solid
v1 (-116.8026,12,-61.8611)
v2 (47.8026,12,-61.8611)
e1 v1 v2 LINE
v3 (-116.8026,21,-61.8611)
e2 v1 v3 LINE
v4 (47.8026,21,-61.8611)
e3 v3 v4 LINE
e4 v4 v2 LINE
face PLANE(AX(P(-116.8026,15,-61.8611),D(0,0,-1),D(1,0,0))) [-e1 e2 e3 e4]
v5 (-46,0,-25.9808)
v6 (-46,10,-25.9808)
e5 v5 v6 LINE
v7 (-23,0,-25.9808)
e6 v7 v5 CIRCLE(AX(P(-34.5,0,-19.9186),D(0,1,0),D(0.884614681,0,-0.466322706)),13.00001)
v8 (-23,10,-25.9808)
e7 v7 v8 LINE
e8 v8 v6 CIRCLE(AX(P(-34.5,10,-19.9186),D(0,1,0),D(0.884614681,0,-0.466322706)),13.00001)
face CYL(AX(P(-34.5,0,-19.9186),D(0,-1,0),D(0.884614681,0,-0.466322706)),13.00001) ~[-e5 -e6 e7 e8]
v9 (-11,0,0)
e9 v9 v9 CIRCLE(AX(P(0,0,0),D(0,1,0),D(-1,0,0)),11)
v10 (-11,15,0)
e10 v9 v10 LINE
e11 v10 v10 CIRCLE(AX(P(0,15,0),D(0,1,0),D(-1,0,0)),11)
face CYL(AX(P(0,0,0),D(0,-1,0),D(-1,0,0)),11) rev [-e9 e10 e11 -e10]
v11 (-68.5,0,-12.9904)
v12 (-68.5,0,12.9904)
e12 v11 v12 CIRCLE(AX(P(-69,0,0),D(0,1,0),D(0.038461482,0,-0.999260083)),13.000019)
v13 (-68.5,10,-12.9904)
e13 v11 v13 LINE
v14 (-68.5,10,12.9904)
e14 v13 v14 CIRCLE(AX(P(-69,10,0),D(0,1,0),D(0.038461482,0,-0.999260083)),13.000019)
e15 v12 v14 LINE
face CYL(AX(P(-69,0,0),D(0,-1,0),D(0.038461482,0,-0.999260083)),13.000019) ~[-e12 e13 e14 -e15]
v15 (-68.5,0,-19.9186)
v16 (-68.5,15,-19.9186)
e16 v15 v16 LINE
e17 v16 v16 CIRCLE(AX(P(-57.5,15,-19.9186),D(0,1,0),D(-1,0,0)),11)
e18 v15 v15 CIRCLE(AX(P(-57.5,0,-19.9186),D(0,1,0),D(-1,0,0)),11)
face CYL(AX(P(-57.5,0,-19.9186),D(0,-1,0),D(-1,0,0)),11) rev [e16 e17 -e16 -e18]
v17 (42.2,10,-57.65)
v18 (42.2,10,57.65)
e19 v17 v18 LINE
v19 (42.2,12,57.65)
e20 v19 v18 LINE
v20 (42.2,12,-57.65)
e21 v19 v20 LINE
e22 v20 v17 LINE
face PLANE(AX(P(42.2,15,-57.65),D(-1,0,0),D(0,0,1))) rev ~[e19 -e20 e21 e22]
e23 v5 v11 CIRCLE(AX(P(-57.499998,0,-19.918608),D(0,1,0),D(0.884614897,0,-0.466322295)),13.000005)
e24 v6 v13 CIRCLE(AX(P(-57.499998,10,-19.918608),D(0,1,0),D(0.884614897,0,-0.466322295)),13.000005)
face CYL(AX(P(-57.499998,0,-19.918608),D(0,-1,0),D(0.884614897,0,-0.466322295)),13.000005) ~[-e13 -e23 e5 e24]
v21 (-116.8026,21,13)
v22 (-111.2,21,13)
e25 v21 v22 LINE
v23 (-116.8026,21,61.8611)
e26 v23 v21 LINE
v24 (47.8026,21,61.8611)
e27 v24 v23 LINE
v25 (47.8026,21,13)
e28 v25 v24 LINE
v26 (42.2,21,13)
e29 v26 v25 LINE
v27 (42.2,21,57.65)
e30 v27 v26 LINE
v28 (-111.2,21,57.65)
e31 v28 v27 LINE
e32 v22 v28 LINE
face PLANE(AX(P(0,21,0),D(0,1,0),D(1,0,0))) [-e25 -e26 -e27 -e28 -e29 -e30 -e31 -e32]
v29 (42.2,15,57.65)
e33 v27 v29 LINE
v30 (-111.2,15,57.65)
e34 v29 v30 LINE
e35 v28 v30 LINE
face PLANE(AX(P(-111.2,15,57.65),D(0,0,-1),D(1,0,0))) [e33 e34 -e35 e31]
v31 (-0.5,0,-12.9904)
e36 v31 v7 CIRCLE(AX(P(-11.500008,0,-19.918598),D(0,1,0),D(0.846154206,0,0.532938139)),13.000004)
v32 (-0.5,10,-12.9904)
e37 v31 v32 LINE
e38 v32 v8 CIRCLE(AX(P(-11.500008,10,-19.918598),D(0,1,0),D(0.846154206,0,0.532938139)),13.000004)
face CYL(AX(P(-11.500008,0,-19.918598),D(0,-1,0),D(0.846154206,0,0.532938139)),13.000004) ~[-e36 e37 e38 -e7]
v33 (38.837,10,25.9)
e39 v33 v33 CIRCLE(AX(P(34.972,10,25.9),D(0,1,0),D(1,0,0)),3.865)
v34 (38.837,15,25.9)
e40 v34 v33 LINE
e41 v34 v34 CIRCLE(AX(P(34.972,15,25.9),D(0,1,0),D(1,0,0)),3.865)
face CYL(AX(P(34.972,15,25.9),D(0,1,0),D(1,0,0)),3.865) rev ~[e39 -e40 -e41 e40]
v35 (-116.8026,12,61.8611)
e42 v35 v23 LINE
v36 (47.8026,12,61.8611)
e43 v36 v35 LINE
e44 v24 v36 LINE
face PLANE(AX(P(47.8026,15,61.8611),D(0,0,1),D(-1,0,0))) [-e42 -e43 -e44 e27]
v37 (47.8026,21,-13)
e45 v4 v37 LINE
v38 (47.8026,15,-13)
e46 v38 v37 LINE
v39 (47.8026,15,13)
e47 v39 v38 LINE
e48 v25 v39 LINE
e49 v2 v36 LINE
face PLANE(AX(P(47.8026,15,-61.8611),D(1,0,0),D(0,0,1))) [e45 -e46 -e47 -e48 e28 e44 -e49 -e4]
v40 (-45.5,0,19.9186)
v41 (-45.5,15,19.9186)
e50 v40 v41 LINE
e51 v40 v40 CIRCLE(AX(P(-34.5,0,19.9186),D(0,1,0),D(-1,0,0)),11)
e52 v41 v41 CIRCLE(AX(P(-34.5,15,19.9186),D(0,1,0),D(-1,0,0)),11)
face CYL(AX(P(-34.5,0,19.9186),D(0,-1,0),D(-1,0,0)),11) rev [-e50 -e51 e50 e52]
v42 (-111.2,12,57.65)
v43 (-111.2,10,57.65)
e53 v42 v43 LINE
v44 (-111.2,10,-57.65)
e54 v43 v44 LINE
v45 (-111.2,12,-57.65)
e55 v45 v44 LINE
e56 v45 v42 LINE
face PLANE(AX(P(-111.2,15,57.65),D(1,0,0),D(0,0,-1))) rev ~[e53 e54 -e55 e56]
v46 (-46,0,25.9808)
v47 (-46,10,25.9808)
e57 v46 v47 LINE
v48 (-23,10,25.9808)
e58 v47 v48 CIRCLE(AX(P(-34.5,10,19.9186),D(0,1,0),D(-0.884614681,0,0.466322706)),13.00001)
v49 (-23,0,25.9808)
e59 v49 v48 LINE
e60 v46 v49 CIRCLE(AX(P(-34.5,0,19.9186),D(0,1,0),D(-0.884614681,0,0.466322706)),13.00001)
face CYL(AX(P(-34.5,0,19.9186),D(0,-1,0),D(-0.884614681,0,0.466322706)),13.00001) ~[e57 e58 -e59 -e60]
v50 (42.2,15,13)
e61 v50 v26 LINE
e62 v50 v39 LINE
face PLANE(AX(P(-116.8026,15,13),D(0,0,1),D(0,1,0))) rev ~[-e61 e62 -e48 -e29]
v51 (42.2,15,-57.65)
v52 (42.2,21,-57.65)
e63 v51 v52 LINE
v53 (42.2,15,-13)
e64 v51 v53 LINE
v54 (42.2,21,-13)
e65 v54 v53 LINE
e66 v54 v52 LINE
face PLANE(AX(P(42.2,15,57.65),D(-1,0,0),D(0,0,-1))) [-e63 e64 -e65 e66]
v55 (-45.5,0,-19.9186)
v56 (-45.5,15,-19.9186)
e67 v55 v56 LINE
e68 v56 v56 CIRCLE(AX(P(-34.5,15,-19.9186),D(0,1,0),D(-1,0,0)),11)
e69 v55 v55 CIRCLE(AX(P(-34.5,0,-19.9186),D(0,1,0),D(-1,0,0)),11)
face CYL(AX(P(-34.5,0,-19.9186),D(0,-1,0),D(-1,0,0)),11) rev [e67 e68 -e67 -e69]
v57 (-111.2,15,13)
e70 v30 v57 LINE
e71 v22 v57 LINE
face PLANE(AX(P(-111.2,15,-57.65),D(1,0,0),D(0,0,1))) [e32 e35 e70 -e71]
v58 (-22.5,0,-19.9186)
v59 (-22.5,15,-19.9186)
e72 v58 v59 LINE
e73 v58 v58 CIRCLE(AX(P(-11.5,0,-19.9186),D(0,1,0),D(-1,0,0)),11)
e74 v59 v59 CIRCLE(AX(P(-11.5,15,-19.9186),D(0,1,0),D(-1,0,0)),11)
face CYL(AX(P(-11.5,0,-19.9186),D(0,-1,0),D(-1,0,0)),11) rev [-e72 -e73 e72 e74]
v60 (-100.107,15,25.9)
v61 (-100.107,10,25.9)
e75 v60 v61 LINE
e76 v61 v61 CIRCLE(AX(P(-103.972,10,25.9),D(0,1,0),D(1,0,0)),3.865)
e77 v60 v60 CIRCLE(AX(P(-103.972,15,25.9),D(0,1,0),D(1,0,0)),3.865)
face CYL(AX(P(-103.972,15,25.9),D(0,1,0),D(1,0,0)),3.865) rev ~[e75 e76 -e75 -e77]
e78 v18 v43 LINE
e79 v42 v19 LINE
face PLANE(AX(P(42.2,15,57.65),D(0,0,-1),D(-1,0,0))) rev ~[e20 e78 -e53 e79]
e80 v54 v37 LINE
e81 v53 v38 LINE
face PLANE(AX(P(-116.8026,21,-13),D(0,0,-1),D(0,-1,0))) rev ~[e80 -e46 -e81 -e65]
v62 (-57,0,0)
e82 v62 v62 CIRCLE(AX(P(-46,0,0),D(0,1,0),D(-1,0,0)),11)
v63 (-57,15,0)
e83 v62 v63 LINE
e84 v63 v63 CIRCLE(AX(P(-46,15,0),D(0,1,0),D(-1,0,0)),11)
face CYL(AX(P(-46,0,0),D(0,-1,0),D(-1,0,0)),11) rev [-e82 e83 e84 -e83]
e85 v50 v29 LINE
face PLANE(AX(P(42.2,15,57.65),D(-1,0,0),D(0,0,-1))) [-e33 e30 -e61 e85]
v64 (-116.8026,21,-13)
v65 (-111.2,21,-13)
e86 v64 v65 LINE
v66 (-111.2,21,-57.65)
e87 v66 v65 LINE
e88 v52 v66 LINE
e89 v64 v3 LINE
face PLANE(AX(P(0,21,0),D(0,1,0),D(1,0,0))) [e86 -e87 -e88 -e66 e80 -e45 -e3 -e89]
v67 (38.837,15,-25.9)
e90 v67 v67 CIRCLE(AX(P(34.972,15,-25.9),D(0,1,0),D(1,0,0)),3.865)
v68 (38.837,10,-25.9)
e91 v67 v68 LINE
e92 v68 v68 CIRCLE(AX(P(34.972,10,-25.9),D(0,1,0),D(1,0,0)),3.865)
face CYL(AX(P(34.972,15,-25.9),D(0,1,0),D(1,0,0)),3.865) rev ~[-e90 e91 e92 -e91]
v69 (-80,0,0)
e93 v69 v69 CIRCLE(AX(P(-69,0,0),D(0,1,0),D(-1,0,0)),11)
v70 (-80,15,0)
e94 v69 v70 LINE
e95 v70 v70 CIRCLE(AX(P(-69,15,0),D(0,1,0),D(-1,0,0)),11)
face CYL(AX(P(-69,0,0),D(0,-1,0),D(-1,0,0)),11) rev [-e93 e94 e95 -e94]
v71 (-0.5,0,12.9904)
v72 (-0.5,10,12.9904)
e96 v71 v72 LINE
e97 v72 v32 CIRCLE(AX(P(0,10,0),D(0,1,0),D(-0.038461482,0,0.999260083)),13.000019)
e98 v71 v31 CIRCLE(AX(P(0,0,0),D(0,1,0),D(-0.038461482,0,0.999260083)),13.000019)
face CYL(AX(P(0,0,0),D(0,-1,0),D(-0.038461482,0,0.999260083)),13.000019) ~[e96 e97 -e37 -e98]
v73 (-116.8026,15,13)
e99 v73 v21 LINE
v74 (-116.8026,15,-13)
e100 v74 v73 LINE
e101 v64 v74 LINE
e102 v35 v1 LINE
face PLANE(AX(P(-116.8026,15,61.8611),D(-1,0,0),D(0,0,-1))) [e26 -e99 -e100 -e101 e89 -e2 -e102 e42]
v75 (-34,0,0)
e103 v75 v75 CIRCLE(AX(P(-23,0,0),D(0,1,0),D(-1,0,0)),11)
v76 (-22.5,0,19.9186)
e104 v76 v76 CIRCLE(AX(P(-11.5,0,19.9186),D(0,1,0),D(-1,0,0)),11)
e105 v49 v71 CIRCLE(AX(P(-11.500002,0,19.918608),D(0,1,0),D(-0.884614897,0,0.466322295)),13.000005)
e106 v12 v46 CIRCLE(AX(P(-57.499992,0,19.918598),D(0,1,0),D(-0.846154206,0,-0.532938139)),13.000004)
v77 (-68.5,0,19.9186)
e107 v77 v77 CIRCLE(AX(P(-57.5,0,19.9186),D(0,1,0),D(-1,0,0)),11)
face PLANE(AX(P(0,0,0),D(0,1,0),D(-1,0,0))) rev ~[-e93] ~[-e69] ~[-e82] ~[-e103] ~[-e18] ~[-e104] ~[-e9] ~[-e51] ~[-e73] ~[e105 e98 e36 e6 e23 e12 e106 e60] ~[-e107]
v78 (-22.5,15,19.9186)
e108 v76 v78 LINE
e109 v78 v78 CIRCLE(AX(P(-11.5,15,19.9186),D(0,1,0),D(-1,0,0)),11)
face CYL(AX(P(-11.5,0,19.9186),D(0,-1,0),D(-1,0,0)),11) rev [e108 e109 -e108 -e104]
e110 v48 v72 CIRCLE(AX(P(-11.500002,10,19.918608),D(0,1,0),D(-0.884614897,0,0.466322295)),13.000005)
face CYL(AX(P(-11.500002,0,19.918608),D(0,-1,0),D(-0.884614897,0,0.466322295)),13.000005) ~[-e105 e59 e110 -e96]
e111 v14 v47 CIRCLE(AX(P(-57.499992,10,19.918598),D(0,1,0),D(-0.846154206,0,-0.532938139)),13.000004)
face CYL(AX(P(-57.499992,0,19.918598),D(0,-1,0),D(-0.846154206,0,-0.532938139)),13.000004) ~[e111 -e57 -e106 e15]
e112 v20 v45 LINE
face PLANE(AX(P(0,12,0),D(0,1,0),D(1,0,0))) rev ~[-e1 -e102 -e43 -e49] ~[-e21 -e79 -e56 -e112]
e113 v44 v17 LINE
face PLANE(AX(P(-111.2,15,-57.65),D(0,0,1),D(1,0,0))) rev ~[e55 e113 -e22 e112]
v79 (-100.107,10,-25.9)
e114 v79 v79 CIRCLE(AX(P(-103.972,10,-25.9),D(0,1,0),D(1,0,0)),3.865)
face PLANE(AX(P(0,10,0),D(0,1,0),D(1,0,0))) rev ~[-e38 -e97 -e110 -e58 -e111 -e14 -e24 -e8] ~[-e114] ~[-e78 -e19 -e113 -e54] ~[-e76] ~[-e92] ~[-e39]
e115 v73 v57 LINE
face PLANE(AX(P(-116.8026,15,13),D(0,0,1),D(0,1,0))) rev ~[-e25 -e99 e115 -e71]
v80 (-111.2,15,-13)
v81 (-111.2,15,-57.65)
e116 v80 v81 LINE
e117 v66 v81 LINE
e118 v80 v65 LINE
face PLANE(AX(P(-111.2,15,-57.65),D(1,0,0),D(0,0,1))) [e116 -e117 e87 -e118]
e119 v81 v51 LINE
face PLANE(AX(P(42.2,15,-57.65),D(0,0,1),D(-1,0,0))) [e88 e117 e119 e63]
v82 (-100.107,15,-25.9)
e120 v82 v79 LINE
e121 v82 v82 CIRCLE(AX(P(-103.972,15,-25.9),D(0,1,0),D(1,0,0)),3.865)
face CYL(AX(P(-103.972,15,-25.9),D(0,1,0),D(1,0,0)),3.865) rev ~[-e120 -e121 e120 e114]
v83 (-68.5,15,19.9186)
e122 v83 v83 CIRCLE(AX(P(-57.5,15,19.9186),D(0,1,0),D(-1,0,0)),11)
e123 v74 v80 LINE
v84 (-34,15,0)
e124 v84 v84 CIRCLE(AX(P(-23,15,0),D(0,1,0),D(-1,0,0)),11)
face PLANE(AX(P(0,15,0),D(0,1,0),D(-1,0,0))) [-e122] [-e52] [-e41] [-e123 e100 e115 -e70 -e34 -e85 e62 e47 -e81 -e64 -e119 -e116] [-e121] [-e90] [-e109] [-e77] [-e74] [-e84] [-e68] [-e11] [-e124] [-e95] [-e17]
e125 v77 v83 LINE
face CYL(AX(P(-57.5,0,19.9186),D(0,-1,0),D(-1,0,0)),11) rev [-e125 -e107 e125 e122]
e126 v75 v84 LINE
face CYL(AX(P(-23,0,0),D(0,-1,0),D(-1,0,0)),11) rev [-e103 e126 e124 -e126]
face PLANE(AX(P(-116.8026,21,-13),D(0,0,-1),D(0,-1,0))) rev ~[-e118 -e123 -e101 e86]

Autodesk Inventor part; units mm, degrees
ref_plane "YZ Plane" through (0, 0, 0) normal (1, 0, 0) x (0, 1, 0)
ref_plane "XZ Plane" through (0, 0, 0) normal (0, 1, 0) x (-1, 0, 0)
ref_plane "XY Plane" through (0, 0, 0) normal (0, 0, 1) x (1, 0, 0)
sketch "Sketch1" plane through (0, 0, 0) normal (0, 1, 0) x (-1, 0, 0)
  circle A0 centre (0, 0) radius 11
  line L0 (11, 0.0002) -> (12, 0.0002) construction
  circle A1 centre (23, 0) radius 11
  line L1 (34, 0) -> (35, 0) construction
  circle A2 centre (46, 0) radius 11
  line L2 (57, 0) -> (58, 0) construction
  circle A3 centre (69, 0) radius 11
  line L3 (34.5, 0) -> (34.5, -17.154) construction
  line L4 (34.5, 0) -> (34.5, 17.658) construction
  line L5 (55, 12.6387) -> (55, -13.5831) construction
  line L6 (55, 12.6387) -> (55, 17.658) construction
  line L7 (55, -13.5831) -> (55, -17.154) construction
  line L8 (11.5, 0.0002) -> (11.5, -16.2579) construction
  line L9 (11.5, 0.0002) -> (11.5, 19.9186) construction
  circle A4 centre (0, 0) radius 12 construction
  circle A5 centre (23, 0) radius 12 construction
  circle A6 centre (46, 0) radius 12 construction
  circle A7 centre (69, 0) radius 12 construction
  circle A8 centre (11.5, 19.9186) radius 11
  circle A9 centre (34.5, 19.9186) radius 11
  circle A10 centre (11.5, -19.9186) radius 11
  circle A11 centre (57.5, 19.9186) radius 11
  circle A12 centre (57.5, -19.9186) radius 12 construction
  circle A13 centre (34.5, -19.9186) radius 12 construction
  circle A14 centre (11.5, 19.9186) radius 12 construction
  circle A15 centre (34.5, 19.9186) radius 12 construction
  circle A16 centre (57.5, 19.9186) radius 12 construction
  line L10 (11.5, 19.9186) -> (57.5, 19.9186) construction
  arc A17 (2.3131, -12.7926) -> (0.5, -12.9904) centre (0, 0) ccw construction
  circle A18 centre (11.5, 19.9186) radius 13 construction
  circle A19 centre (34.5, 19.9186) radius 13 construction
  circle A20 centre (57.5, 19.9186) radius 13 construction
  circle A21 centre (69, 0) radius 13 construction
  circle A22 centre (57.5, -19.9186) radius 13 construction
  circle A23 centre (34.5, -19.9186) radius 13 construction
  arc A24 (0.5, 12.9904) -> (0.5, -12.9904) centre (0, 0) ccw
  line L11 (57.5, -19.9186) -> (11.5, -19.9186) construction
  circle A25 centre (11.5, -19.9186) radius 13 construction
  arc A26 (0.5, -12.9904) -> (23, -25.9808) centre (11.5, -19.9186) ccw
  arc A27 (23, -25.9808) -> (46, -25.9808) centre (34.5, -19.9186) ccw
  arc A28 (46, -25.9808) -> (68.5, -12.9904) centre (57.5, -19.9186) ccw
  arc A29 (68.5, -12.9904) -> (68.5, 12.9904) centre (69, 0) ccw
  arc A30 (68.5, 12.9904) -> (46, 25.9808) centre (57.5, 19.9186) ccw
  arc A31 (46, 25.9808) -> (23, 25.9808) centre (34.5, 19.9186) ccw
  arc A32 (23, 25.9808) -> (0.5, 12.9904) centre (11.5, 19.9186) ccw
  circle A33 centre (11.5, -19.9186) radius 12 construction
  circle A34 centre (34.5, -19.9186) radius 11
  circle A35 centre (57.5, -19.9186) radius 11
  dimension "d0" = 22
  dimension "d6" = 22
  dimension "d1" = 1
  dimension "d2" = 22
  dimension "d3" = 1
  dimension "d4" = 22
  dimension "d5" = 1
  dimension "d7" = 24
  dimension "d8" = 24
  dimension "d9" = 24
  dimension "d10" = 24
  dimension "d11" = 22
  dimension "d12" = 22
  dimension "d16" = 22
  dimension "d17" = 22
  dimension "d19" = 24
  dimension "d21" = 24
  dimension "d22" = 24
  dimension "d23" = 24
  dimension "d25" = 26
  dimension "d27" = 26
  dimension "d28" = 26
  dimension "d29" = 26
  dimension "d30" = 26
  dimension "d31" = 26
  dimension "d32" = 26
  dimension "d33" = 26
  dimension "d67" = 24
  dimension "d71" = 24
  dimension "d72" = 22
  dimension "d73" = 22
extrude "Extrusion1" add sketch "Sketch1" along normal blind 15
sketch "Sketch2" plane through (0, 15, 0) normal (0, 1, 0) x (1, 0, 0)
  circle A0 centre (-23, 0) radius 11 projected
  circle A1 centre (-46, 0) radius 11 projected
  line L0 (-35, 0) -> (-34, 0) construction
  line L1 (-111.2, 57.65) -> (42.2, 57.65)
  line L2 (42.2, 57.65) -> (42.2, -57.65)
  line L3 (42.2, -57.65) -> (-111.2, -57.65)
  line L4 (-111.2, -57.65) -> (-111.2, 57.65)
  line L5 (-111.2, 57.65) -> (42.2, -57.65) construction
  line L6 (42.2, 57.65) -> (-111.2, -57.65) construction
  arc A2 (-46, 25.9808) -> (-68.5, 12.9904) centre (-57.5, 19.9186) ccw projected
  arc A3 (-23, 25.9808) -> (-46, 25.9808) centre (-34.5, 19.9186) ccw projected
  arc A4 (-0.5, 12.9904) -> (-23, 25.9808) centre (-11.5, 19.9186) ccw projected
  arc A5 (-0.5, -12.9904) -> (-0.5, 12.9904) centre (0, 0) ccw projected
  arc A6 (-23, -25.9808) -> (-0.5, -12.9904) centre (-11.5, -19.9186) ccw projected
  arc A7 (-46, -25.9808) -> (-23, -25.9808) centre (-34.5, -19.9186) ccw projected
  arc A8 (-68.5, -12.9904) -> (-46, -25.9808) centre (-57.5, -19.9186) ccw projected
  arc A9 (-68.5, 12.9904) -> (-68.5, -12.9904) centre (-69, 0) ccw projected
  arc A10 (-69, 13) -> (-68.5, -12.9904) centre (-69, 0) ccw
  arc A11 (-46, 25.9808) -> (-68.5, 12.9904) centre (-57.5, 19.9186) ccw
  arc A12 (-23, 25.9808) -> (-46, 25.9808) centre (-34.5, 19.9186) ccw
  arc A13 (-0.5, 12.9904) -> (-23, 25.9808) centre (-11.5, 19.9186) ccw
  arc A14 (-0.5, -12.9904) -> (-0.5, 12.9904) centre (0, 0) ccw
  arc A15 (-23, -25.9808) -> (-0.5, -12.9904) centre (-11.5, -19.9186) ccw
  arc A16 (-46, -25.9808) -> (-23, -25.9808) centre (-34.5, -19.9186) ccw
  arc A17 (-68.5, -12.9904) -> (-46, -25.9808) centre (-57.5, -19.9186) ccw
  arc A18 (-68.5, 12.9904) -> (-68.5, -12.9904) centre (-69, 0) ccw
  point P0 (-34.5, 0)
  dimension "d36" = 115.3
  dimension "d37" = 153.4
extrude "Extrusion2" add sketch "Sketch2" against normal blind 5 contours L1 L2 L3 L4
sketch "Sketch3" plane through (0, 15, 0) normal (0, 1, 0) x (1, 0, 0)
  line L0 (42.2, 57.65) -> (-111.2, 57.65) projected
  line L1 (42.2, -57.65) -> (42.2, 57.65) projected
  line L2 (-111.2, -57.65) -> (42.2, -57.65) projected
  line L3 (-111.2, 57.65) -> (-111.2, -57.65) projected
  line L4 (-111.2, -57.65) -> (42.2, -57.65) projected
  line L5 (42.2, -57.65) -> (42.2, 57.65) projected
  line L6 (42.2, 57.65) -> (-111.2, 57.65) projected
  line L7 (-111.2, 57.65) -> (-111.2, -57.65) projected
  circle A0 centre (-57.5, -19.9186) radius 11 projected
  circle A1 centre (-11.5, 19.9186) radius 11 projected
  circle A2 centre (-34.5, -19.9186) radius 11 projected
  circle A3 centre (-11.5, -19.9186) radius 11 projected
  circle A4 centre (-69, 0) radius 11 projected
  circle A5 centre (-46, 0) radius 11 projected
  circle A6 centre (-23, 0) radius 11 projected
  circle A7 centre (0, 0) radius 11 projected
  line L8 (-116.8026, 61.8611) -> (47.8026, 61.8611)
  line L9 (47.8026, 61.8611) -> (47.8026, -61.8611)
  line L10 (47.8026, -61.8611) -> (-116.8026, -61.8611)
  line L11 (-116.8026, -61.8611) -> (-116.8026, 61.8611)
  line L12 (-116.8026, 61.8611) -> (47.8026, -61.8611) construction
  line L13 (47.8026, 61.8611) -> (-116.8026, -61.8611) construction
  line L14 (-111.2, -57.65) -> (42.2, -57.65)
  line L15 (42.2, -57.65) -> (42.2, 57.65)
  line L16 (42.2, 57.65) -> (-111.2, 57.65)
  line L17 (-111.2, 57.65) -> (-111.2, -57.65)
  line L18 (-111.2, -57.65) -> (42.2, 57.65) construction
  line L19 (42.2, -57.65) -> (-111.2, 57.65) construction
  point P0 (-34.5, 0)
extrude "Extrusion3" add sketch "Sketch3" along normal blind 6 and the other way blind 3 contours L8 L9 L10 L11
sketch "Sketch4" plane through (0, 15, 0) normal (0, 1, 0) x (1, 0, 0)
  line L0 (-111.2, -57.65) -> (42.2, -57.65) projected
  line L1 (42.2, -57.65) -> (42.2, 57.65) projected
  line L2 (42.2, 57.65) -> (-111.2, 57.65) projected
  line L3 (-111.2, 57.65) -> (-111.2, -57.65) projected
  circle A0 centre (-57.5, -19.9186) radius 11 projected
  circle A1 centre (-11.5, 19.9186) radius 11 projected
  circle A2 centre (-34.5, -19.9186) radius 11 projected
  circle A3 centre (-11.5, -19.9186) radius 11 projected
  circle A4 centre (-69, 0) radius 11 projected
  circle A5 centre (-46, 0) radius 11 projected
  circle A6 centre (-23, 0) radius 11 projected
  circle A7 centre (0, 0) radius 11 projected
  line L4 (-111.2, 57.65) -> (-103.972, 57.65) construction
  line L5 (-103.972, 57.65) -> (-103.972, 25.9) construction
  line L6 (-103.972, 25.9) -> (-111.2, 25.9) construction
  line L7 (-111.2, 25.9) -> (-111.2, 57.65) construction
  line L8 (42.2, 57.65) -> (34.972, 57.65) construction
  line L9 (34.972, 57.65) -> (34.972, 25.9) construction
  line L10 (34.972, 25.9) -> (42.2, 25.9) construction
  line L11 (42.2, 25.9) -> (42.2, 57.65) construction
  line L12 (-111.2, -57.65) -> (-103.972, -57.65) construction
  line L13 (-103.972, -57.65) -> (-103.972, -25.9) construction
  line L14 (-103.972, -25.9) -> (-111.2, -25.9) construction
  line L15 (-111.2, -25.9) -> (-111.2, -57.65) construction
  line L16 (42.2, -25.9) -> (34.972, -25.9) construction
  line L17 (34.972, -25.9) -> (34.972, -57.65) construction
  line L18 (34.972, -57.65) -> (42.2, -57.65) construction
  line L19 (42.2, -57.65) -> (42.2, -25.9) construction
  circle A8 centre (-103.972, 25.9) radius 3.865
  circle A9 centre (34.972, 25.9) radius 3.865
  circle A10 centre (34.972, -25.9) radius 3.865
  circle A11 centre (-103.972, -25.9) radius 3.865
  dimension "d56" = 7.73
  dimension "d57" = 7.73
  dimension "d58" = 7.73
  dimension "d59" = 7.73
  dimension "d62" = 7.228
  dimension "d63" = 31.75
  dimension "d64" = 7.228
  dimension "d65" = 7.228
  dimension "d66" = 31.75
extrude "Extrusion4" cut sketch "Sketch4" against normal through all contours A8 | A9 | A10 | A11
sketch "Sketch5" plane through (-116.8026, 12, 61.8611) normal (-1, 0, 0) x (0, 0, 1)
  line L0 (-74.8611, -12) -> (-74.8611, -2) projected
  line L1 (-48.8611, -12) -> (-48.8611, -2) projected
  line L2 (-119.5111, 3) -> (-4.2111, 3) projected
  line L3 (-123.7222, 9) -> (0, 9) projected
  line L4 (-74.8611, 3) -> (-48.8611, 3)
  line L5 (-48.8611, 3) -> (-48.8611, 9)
  line L6 (-48.8611, 9) -> (-74.8611, 9)
  line L7 (-74.8611, 9) -> (-74.8611, 3)
  point P0 (-61.8611, -12)
extrude "Extrusion5" cut sketch "Sketch5" against normal through all
properties part number "CELLCASE21700_3DPrint"
